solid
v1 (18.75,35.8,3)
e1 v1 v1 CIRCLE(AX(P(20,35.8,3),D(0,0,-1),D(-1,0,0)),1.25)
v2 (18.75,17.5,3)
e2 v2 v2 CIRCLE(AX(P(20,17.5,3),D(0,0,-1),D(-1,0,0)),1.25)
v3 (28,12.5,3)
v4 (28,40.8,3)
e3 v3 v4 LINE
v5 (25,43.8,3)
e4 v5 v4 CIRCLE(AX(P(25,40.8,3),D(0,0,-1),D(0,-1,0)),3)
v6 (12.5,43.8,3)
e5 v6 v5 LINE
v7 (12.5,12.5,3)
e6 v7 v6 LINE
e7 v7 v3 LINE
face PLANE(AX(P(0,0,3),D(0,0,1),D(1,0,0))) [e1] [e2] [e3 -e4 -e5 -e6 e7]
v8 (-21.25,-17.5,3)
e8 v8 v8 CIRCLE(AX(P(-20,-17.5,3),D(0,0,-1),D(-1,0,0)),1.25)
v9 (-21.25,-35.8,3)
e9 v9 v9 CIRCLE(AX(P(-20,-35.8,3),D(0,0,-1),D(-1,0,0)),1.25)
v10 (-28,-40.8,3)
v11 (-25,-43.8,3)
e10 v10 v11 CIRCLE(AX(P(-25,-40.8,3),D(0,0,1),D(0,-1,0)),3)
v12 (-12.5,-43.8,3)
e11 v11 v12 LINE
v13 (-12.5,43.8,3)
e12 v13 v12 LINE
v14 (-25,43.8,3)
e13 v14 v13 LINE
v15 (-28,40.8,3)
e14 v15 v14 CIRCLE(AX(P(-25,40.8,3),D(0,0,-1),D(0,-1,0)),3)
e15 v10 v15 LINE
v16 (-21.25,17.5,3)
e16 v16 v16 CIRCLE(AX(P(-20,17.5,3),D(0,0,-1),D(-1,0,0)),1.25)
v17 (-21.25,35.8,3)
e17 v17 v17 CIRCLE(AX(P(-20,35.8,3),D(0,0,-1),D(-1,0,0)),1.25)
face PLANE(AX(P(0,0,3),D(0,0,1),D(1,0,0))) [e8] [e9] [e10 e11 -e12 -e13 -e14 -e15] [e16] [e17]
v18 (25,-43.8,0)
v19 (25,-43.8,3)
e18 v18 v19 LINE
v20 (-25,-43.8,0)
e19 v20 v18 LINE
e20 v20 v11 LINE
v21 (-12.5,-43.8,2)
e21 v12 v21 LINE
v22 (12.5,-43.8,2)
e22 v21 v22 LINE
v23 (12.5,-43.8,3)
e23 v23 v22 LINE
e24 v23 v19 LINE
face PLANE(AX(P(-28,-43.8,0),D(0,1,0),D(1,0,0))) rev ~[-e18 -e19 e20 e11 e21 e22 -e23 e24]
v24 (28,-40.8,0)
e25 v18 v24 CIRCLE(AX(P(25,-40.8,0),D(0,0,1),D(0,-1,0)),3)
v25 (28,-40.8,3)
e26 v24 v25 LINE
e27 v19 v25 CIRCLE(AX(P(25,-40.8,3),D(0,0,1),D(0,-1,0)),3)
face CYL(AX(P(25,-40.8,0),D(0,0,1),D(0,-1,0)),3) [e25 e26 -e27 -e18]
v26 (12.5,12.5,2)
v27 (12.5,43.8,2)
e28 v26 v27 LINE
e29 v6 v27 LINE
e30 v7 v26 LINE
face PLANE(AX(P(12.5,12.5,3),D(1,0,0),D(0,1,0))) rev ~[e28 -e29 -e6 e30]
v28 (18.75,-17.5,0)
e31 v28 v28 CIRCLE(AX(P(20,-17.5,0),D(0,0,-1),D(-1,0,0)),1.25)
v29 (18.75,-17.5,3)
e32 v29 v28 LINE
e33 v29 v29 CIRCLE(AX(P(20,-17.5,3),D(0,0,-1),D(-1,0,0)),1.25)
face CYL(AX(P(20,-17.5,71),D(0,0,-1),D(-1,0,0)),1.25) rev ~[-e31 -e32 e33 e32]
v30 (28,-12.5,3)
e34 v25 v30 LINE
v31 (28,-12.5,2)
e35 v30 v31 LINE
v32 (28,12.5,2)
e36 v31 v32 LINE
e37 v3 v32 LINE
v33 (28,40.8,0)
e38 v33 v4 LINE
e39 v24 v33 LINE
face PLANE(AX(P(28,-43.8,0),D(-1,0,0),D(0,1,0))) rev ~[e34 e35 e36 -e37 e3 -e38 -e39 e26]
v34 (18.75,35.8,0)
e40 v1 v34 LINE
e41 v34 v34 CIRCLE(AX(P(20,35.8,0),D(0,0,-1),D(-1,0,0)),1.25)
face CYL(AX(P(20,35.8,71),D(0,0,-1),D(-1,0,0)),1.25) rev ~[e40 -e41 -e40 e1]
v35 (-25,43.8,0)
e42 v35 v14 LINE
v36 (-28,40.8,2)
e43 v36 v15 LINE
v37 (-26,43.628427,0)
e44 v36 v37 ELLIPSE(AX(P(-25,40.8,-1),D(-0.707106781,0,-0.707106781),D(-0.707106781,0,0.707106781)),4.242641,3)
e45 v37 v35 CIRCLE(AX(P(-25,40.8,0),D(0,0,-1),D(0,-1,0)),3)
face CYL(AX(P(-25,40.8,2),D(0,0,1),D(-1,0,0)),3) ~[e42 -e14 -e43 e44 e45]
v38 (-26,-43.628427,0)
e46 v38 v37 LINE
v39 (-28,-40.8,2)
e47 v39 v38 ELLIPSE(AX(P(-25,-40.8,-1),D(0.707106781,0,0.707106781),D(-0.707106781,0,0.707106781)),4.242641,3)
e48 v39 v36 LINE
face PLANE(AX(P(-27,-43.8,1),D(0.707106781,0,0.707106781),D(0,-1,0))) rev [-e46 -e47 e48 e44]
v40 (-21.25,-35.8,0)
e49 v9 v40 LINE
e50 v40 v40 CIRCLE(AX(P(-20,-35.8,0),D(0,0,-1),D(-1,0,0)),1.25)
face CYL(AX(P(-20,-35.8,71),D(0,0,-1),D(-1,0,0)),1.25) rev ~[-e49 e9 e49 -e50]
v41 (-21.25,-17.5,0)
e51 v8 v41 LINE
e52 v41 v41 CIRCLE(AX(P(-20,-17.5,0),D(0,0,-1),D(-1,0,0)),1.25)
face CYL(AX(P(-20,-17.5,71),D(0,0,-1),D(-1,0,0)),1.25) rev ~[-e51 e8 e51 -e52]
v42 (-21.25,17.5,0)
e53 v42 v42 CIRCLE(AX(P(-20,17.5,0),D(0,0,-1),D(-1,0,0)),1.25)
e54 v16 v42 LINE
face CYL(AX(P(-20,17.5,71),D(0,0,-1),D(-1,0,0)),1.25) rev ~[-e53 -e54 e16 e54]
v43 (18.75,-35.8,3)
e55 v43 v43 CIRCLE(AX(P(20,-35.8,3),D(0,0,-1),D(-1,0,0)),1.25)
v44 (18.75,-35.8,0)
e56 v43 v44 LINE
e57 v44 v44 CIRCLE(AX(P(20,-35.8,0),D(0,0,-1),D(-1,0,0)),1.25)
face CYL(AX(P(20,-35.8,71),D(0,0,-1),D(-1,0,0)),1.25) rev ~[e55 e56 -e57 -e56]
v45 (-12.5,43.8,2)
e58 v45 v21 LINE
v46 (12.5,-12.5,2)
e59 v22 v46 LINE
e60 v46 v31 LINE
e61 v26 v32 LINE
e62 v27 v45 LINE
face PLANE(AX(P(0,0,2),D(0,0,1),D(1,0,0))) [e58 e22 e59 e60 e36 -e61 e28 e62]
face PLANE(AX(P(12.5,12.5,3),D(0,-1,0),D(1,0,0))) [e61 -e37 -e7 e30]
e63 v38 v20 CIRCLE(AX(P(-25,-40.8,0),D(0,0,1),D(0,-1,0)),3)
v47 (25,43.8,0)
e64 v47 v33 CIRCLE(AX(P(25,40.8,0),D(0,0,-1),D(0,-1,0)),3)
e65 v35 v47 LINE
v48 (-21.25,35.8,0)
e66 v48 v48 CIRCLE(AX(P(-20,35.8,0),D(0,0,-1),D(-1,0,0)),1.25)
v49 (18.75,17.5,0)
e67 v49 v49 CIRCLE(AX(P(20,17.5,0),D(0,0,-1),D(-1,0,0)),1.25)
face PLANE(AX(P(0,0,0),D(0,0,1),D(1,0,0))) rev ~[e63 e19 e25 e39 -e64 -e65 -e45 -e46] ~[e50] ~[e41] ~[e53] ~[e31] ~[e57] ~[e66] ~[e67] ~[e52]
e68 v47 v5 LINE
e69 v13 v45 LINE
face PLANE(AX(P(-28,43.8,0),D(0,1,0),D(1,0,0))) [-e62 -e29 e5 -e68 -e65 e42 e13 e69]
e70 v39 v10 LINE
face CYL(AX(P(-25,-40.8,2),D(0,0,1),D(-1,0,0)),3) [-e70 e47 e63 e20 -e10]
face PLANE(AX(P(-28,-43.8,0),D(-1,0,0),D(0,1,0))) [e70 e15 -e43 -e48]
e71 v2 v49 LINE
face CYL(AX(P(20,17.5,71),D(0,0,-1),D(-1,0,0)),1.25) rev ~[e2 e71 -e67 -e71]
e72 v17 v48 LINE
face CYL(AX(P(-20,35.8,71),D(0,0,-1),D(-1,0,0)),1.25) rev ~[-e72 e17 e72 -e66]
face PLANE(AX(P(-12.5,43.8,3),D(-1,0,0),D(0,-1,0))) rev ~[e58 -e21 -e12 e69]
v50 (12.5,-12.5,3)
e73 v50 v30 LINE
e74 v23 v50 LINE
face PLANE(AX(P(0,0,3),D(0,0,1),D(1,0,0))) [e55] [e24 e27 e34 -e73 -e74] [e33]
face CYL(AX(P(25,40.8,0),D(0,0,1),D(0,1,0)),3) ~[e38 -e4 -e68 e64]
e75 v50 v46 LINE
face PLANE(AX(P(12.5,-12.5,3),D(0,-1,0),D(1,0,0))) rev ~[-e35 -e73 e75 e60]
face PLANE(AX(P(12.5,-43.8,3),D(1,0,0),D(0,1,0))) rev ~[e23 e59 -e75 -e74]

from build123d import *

# Parameters (mm, degrees)
F0_W     = 56
F0_H     = 87.6
F1_DEPTH = 3
F2_SIZE  = 2
F3_W     = 15.5
F3_H     = 25
F4_DEPTH = 1
F5_R     = 3
F8_D     = 2.5
F8_DEPTH = 68
F8_TIP   = 0.7510757738


with BuildPart() as f1:
    # F0 (on Top) → F1 (new body)
    with BuildSketch(Plane.XY):
        Rectangle(F0_W, F0_H)
    extrude(amount=F1_DEPTH)

    # F2
    f2_edges = [f1.edges().sort_by_distance(p)[0] for p in [
        (-28, 0, 0),
    ]]
    chamfer(f2_edges, length=F2_SIZE)

    # F3 (on face) → F4 (cut)
    with BuildSketch(Plane.XY.offset(3)):
        Polygon((12.5, 43.8), (-12.5, 43.8), (-12.5, -43.8), (12.5, -43.8), (12.5, -12.5), (12.5, 12.5), align=None)
        with Locations((20.25, 0)):
            Rectangle(F3_W, F3_H)
    extrude(amount=-F4_DEPTH, mode=Mode.SUBTRACT)

    # F5
    f5_edges = [f1.edges().sort_by_distance(p)[0] for p in [
        (-28, 43.8, 2.5),
        (-28, -43.8, 2.5),
        (28, -43.8, 1.5),
        (28, 43.8, 1.5),
    ]]
    fillet(f5_edges, radius=F5_R)

    # F8
    with Locations(Plane.XY.offset(3)):
        with Locations((-20, 35.8), (20, 35.8), (20, 17.5), (20, -17.5), (20, -35.8), (-20, -35.8), (-20, 17.5), (-20, -17.5)):
            Hole(F8_D / 2, depth=F8_DEPTH)
            with Locations((0, 0, -(F8_DEPTH + F8_TIP / 2))):  # 118° drill point
                Cone(0, F8_D / 2, F8_TIP, mode=Mode.SUBTRACT)


solid = f1.part
